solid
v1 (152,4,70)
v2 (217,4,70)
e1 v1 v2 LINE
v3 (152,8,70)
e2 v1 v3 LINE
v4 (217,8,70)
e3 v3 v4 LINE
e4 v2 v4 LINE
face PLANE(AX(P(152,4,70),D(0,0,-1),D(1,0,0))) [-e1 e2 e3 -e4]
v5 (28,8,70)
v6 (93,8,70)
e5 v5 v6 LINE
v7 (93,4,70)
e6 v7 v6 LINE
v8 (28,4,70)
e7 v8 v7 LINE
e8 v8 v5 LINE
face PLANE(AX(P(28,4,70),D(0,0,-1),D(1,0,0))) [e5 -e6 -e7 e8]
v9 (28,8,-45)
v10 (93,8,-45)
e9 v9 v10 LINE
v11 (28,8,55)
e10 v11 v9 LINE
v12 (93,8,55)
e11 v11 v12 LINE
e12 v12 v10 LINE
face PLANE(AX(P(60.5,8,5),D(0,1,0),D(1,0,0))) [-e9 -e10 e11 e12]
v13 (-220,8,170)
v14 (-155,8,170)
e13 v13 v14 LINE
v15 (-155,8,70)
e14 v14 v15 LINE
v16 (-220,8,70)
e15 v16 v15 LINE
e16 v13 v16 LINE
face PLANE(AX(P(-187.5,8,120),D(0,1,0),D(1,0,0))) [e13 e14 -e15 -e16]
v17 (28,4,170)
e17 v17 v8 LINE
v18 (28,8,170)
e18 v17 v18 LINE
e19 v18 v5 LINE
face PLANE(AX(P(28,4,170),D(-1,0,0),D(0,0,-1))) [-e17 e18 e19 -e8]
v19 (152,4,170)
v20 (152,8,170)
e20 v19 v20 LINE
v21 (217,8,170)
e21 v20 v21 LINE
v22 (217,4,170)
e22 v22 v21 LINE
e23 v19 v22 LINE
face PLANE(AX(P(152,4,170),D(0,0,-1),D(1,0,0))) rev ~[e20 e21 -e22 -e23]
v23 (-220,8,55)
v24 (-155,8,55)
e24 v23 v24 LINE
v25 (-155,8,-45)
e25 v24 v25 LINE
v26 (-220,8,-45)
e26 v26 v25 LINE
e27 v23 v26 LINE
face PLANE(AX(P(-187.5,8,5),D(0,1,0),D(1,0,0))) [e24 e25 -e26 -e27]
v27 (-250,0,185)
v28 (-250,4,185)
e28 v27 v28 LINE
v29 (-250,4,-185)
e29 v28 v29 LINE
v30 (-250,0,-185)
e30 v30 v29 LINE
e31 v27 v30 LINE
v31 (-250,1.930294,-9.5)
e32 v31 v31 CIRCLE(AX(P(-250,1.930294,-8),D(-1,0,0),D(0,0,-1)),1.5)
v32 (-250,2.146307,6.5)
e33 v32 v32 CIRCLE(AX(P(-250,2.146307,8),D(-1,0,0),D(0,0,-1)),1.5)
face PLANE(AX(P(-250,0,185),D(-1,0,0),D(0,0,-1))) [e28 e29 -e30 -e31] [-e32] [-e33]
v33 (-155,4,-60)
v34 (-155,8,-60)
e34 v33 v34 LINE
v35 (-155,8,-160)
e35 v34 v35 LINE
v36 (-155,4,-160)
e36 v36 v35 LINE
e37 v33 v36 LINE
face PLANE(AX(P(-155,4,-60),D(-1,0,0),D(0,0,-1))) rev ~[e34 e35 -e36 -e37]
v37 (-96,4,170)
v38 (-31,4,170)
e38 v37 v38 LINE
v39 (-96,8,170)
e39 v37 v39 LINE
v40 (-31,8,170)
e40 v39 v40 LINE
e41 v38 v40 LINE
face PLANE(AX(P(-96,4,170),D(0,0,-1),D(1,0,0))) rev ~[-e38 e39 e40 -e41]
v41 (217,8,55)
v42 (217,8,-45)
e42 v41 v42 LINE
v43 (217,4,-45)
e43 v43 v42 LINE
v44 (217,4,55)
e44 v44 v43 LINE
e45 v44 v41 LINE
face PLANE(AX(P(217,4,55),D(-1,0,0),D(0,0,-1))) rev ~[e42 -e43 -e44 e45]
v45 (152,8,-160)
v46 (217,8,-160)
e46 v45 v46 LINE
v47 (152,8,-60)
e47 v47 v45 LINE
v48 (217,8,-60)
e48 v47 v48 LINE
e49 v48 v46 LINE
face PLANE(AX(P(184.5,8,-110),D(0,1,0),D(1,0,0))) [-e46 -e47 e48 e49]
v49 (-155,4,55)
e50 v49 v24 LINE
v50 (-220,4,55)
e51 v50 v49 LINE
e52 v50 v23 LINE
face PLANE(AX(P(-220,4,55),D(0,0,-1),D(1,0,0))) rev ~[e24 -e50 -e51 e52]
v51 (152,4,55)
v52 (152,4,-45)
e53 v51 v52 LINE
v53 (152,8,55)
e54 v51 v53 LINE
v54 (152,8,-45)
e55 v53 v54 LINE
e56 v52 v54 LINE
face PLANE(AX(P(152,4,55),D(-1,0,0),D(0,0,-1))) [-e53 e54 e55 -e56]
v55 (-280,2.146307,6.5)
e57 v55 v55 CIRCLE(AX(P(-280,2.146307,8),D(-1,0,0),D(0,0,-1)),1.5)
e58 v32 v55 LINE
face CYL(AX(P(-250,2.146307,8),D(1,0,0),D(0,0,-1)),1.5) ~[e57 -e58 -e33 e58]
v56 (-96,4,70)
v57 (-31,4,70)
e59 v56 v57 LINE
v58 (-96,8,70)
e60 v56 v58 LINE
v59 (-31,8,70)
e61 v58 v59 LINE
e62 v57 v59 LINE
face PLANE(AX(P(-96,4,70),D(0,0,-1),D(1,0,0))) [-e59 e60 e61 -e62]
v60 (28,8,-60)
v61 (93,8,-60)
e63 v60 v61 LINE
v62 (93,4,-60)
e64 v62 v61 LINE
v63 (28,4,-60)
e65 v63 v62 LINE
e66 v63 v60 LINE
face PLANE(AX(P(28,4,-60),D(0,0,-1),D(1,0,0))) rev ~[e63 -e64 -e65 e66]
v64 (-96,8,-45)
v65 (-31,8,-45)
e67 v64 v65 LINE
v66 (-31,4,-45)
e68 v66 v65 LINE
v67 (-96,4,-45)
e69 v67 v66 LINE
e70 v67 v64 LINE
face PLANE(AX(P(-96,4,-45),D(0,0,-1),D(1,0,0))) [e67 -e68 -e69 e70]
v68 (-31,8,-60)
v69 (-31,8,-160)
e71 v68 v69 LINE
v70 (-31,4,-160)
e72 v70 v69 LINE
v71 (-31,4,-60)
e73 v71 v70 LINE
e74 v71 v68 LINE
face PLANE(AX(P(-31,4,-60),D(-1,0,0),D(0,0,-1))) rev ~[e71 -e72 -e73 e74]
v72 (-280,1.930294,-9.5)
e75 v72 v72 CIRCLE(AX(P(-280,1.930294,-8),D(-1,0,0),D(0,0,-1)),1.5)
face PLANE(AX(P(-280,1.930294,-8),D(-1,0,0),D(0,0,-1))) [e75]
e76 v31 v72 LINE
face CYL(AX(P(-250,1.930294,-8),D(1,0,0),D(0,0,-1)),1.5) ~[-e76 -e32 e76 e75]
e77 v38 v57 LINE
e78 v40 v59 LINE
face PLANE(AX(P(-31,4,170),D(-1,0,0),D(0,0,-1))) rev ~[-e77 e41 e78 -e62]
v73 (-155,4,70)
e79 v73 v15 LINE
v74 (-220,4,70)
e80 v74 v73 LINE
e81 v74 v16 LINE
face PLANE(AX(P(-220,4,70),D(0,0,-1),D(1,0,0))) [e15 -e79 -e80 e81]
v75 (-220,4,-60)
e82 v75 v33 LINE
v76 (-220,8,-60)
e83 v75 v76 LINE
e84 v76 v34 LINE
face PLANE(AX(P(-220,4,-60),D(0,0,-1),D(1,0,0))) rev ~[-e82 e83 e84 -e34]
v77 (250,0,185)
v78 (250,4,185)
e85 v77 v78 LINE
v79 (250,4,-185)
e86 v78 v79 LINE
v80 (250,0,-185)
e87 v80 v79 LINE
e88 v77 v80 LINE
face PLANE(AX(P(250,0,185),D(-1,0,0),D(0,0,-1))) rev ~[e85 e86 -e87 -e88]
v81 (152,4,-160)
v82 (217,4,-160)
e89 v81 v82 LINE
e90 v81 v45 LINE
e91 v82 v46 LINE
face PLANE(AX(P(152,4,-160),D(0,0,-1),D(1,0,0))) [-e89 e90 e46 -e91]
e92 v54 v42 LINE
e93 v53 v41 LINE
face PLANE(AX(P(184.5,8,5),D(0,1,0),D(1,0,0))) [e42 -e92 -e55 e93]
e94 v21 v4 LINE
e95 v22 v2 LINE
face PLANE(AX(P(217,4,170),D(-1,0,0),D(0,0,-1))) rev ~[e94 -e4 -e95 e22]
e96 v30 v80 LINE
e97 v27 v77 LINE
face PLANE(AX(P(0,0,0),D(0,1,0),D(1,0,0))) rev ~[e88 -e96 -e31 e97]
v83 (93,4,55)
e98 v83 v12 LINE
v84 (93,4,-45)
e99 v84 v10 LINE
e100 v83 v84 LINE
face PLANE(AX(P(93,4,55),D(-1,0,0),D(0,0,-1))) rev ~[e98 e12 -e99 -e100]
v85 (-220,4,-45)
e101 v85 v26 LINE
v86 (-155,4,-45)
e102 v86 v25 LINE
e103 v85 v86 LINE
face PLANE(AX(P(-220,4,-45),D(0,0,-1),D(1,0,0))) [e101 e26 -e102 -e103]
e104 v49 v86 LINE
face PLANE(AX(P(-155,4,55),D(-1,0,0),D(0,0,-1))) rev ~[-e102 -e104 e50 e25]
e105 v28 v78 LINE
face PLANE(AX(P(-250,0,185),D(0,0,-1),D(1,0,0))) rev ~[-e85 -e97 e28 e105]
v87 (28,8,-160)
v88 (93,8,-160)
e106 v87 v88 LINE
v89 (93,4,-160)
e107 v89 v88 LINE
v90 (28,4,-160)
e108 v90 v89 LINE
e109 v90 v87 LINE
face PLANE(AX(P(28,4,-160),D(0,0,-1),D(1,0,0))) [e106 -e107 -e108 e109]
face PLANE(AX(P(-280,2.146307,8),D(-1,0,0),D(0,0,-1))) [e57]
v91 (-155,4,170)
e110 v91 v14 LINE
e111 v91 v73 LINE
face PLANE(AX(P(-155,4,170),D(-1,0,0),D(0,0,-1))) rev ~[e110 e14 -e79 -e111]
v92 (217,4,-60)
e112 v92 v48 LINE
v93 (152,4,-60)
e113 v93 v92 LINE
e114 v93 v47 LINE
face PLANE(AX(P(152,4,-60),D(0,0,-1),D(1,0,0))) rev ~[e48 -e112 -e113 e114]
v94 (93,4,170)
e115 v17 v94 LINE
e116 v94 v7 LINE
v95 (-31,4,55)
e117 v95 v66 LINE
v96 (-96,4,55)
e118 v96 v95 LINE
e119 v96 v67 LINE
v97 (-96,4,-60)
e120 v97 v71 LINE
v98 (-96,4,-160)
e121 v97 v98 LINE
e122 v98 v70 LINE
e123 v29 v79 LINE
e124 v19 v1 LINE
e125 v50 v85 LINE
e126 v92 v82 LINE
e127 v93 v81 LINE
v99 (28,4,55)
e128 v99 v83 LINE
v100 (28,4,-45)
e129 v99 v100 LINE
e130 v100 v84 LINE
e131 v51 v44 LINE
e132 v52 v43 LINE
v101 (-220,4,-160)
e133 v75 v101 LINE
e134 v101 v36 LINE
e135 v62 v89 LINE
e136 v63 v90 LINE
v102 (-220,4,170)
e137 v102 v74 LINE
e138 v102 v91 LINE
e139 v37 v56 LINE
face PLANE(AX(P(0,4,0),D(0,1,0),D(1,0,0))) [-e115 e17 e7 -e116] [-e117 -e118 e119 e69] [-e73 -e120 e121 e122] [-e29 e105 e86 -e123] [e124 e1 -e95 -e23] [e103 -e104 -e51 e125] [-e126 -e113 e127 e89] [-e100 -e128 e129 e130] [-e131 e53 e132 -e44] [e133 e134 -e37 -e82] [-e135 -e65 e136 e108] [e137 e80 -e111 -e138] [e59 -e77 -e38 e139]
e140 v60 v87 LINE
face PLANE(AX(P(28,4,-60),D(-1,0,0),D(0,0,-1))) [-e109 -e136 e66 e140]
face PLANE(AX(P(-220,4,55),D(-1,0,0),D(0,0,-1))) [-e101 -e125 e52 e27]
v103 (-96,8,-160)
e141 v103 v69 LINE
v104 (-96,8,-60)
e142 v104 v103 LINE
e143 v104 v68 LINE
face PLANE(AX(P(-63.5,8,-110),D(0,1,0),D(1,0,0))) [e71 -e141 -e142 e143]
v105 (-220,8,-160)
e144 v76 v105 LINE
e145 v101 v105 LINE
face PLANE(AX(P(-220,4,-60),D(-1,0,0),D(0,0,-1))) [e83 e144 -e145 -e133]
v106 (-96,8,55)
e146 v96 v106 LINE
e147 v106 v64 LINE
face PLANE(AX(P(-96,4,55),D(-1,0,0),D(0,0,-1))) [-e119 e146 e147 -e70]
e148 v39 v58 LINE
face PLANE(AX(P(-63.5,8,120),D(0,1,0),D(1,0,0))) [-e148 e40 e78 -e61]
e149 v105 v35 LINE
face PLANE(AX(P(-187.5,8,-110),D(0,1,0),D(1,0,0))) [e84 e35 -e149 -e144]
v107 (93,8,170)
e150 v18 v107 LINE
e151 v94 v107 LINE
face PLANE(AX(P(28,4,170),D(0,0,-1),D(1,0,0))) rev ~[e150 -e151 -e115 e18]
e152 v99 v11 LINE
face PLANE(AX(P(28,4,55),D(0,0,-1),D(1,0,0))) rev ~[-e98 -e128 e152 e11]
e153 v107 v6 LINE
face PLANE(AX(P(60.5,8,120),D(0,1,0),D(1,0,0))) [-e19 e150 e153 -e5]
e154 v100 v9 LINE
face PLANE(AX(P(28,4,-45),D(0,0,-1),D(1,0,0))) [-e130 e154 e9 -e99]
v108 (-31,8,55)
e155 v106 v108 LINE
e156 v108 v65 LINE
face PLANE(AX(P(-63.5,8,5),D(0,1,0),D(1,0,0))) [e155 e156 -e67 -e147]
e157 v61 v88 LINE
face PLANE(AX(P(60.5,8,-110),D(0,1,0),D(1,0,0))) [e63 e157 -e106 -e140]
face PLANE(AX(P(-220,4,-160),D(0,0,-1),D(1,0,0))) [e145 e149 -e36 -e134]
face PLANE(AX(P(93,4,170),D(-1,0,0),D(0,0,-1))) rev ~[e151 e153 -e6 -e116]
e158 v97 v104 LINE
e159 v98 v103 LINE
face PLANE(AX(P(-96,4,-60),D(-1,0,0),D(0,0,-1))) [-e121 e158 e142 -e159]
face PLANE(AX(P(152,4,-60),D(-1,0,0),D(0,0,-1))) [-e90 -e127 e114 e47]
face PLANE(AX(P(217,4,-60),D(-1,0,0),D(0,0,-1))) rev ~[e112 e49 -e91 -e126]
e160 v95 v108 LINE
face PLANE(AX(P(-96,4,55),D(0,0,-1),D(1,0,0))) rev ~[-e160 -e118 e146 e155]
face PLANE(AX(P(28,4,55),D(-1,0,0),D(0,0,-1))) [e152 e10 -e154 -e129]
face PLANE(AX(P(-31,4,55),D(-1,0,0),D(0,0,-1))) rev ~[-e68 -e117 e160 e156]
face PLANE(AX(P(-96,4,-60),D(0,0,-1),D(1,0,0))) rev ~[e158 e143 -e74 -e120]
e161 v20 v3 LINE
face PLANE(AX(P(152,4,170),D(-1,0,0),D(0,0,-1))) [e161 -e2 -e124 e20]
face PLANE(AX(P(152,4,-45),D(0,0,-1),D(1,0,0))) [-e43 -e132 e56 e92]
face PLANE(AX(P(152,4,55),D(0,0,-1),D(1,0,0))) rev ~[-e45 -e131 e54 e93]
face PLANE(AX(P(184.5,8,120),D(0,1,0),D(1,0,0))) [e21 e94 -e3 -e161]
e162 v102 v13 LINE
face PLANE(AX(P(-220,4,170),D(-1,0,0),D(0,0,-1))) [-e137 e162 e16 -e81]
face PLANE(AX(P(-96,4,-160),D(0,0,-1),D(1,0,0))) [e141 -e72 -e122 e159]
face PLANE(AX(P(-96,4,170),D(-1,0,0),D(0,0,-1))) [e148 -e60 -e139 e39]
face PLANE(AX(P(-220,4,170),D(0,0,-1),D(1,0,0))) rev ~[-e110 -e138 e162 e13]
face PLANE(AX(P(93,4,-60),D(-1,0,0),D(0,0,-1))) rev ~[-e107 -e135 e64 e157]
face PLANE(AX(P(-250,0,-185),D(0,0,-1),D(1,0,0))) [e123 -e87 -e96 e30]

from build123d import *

# Parameters (mm, degrees)
SKETCH1_W            = 500
SKETCH1_H            = 370
PANEL_BASE_DEPTH     = 4
SKETCH2_W            = 65
SKETCH2_H            = 100
SOLAR_ARRAY_DEPTH    = 4
LPATTERN1_COUNT      = 4
LPATTERN1_PITCH      = 124
LPATTERN1_COUNT_DIR2 = 3
LPATTERN1_PITCH_DIR2 = 115
SKETCH3_R            = 1.5
POSITIVE_WIRE_DEPTH  = 30
SKETCH4_R            = 1.5
NEGATIVE_WIRE_DEPTH  = 30


with BuildPart() as part:
    # Sketch1 → panel_base (new body)
    with BuildSketch(Plane(origin=(0, 0, 0), x_dir=(1, 0, 0), z_dir=(0, 1, 0))):
        Rectangle(SKETCH1_W, SKETCH1_H)
    extrude(amount=PANEL_BASE_DEPTH)

    # Sketch2 → solar_array (add)
    with BuildSketch(Plane(origin=(0, 4, 0), x_dir=(1, 0, 0), z_dir=(0, 1, 0))):
        with Locations((-187.5, 110)):
            Rectangle(SKETCH2_W, SKETCH2_H)
    solar_array = extrude(amount=SOLAR_ARRAY_DEPTH)

    # LPattern1: solar_array 4 × 3
    with Locations(*[(i * LPATTERN1_PITCH, 0, j * LPATTERN1_PITCH_DIR2) for i in range(LPATTERN1_COUNT) for j in range(LPATTERN1_COUNT_DIR2) if (i, j) != (0, 0)]):
        add(solar_array)

    # Sketch3 → positive_wire (add)
    with BuildSketch(Plane.ZY.offset(250)):
        with Locations(Location((-8, 1.930294272, 0), (0, 0, 180))):
            Circle(SKETCH3_R)
    extrude(amount=POSITIVE_WIRE_DEPTH)

    # Sketch4 → negative_wire (add)
    with BuildSketch(Plane.ZY.offset(250)):
        with Locations(Location((8, 2.146306887, 0), (0, 0, 180))):
            Circle(SKETCH4_R)
    extrude(amount=NEGATIVE_WIRE_DEPTH)


solid = part.part
